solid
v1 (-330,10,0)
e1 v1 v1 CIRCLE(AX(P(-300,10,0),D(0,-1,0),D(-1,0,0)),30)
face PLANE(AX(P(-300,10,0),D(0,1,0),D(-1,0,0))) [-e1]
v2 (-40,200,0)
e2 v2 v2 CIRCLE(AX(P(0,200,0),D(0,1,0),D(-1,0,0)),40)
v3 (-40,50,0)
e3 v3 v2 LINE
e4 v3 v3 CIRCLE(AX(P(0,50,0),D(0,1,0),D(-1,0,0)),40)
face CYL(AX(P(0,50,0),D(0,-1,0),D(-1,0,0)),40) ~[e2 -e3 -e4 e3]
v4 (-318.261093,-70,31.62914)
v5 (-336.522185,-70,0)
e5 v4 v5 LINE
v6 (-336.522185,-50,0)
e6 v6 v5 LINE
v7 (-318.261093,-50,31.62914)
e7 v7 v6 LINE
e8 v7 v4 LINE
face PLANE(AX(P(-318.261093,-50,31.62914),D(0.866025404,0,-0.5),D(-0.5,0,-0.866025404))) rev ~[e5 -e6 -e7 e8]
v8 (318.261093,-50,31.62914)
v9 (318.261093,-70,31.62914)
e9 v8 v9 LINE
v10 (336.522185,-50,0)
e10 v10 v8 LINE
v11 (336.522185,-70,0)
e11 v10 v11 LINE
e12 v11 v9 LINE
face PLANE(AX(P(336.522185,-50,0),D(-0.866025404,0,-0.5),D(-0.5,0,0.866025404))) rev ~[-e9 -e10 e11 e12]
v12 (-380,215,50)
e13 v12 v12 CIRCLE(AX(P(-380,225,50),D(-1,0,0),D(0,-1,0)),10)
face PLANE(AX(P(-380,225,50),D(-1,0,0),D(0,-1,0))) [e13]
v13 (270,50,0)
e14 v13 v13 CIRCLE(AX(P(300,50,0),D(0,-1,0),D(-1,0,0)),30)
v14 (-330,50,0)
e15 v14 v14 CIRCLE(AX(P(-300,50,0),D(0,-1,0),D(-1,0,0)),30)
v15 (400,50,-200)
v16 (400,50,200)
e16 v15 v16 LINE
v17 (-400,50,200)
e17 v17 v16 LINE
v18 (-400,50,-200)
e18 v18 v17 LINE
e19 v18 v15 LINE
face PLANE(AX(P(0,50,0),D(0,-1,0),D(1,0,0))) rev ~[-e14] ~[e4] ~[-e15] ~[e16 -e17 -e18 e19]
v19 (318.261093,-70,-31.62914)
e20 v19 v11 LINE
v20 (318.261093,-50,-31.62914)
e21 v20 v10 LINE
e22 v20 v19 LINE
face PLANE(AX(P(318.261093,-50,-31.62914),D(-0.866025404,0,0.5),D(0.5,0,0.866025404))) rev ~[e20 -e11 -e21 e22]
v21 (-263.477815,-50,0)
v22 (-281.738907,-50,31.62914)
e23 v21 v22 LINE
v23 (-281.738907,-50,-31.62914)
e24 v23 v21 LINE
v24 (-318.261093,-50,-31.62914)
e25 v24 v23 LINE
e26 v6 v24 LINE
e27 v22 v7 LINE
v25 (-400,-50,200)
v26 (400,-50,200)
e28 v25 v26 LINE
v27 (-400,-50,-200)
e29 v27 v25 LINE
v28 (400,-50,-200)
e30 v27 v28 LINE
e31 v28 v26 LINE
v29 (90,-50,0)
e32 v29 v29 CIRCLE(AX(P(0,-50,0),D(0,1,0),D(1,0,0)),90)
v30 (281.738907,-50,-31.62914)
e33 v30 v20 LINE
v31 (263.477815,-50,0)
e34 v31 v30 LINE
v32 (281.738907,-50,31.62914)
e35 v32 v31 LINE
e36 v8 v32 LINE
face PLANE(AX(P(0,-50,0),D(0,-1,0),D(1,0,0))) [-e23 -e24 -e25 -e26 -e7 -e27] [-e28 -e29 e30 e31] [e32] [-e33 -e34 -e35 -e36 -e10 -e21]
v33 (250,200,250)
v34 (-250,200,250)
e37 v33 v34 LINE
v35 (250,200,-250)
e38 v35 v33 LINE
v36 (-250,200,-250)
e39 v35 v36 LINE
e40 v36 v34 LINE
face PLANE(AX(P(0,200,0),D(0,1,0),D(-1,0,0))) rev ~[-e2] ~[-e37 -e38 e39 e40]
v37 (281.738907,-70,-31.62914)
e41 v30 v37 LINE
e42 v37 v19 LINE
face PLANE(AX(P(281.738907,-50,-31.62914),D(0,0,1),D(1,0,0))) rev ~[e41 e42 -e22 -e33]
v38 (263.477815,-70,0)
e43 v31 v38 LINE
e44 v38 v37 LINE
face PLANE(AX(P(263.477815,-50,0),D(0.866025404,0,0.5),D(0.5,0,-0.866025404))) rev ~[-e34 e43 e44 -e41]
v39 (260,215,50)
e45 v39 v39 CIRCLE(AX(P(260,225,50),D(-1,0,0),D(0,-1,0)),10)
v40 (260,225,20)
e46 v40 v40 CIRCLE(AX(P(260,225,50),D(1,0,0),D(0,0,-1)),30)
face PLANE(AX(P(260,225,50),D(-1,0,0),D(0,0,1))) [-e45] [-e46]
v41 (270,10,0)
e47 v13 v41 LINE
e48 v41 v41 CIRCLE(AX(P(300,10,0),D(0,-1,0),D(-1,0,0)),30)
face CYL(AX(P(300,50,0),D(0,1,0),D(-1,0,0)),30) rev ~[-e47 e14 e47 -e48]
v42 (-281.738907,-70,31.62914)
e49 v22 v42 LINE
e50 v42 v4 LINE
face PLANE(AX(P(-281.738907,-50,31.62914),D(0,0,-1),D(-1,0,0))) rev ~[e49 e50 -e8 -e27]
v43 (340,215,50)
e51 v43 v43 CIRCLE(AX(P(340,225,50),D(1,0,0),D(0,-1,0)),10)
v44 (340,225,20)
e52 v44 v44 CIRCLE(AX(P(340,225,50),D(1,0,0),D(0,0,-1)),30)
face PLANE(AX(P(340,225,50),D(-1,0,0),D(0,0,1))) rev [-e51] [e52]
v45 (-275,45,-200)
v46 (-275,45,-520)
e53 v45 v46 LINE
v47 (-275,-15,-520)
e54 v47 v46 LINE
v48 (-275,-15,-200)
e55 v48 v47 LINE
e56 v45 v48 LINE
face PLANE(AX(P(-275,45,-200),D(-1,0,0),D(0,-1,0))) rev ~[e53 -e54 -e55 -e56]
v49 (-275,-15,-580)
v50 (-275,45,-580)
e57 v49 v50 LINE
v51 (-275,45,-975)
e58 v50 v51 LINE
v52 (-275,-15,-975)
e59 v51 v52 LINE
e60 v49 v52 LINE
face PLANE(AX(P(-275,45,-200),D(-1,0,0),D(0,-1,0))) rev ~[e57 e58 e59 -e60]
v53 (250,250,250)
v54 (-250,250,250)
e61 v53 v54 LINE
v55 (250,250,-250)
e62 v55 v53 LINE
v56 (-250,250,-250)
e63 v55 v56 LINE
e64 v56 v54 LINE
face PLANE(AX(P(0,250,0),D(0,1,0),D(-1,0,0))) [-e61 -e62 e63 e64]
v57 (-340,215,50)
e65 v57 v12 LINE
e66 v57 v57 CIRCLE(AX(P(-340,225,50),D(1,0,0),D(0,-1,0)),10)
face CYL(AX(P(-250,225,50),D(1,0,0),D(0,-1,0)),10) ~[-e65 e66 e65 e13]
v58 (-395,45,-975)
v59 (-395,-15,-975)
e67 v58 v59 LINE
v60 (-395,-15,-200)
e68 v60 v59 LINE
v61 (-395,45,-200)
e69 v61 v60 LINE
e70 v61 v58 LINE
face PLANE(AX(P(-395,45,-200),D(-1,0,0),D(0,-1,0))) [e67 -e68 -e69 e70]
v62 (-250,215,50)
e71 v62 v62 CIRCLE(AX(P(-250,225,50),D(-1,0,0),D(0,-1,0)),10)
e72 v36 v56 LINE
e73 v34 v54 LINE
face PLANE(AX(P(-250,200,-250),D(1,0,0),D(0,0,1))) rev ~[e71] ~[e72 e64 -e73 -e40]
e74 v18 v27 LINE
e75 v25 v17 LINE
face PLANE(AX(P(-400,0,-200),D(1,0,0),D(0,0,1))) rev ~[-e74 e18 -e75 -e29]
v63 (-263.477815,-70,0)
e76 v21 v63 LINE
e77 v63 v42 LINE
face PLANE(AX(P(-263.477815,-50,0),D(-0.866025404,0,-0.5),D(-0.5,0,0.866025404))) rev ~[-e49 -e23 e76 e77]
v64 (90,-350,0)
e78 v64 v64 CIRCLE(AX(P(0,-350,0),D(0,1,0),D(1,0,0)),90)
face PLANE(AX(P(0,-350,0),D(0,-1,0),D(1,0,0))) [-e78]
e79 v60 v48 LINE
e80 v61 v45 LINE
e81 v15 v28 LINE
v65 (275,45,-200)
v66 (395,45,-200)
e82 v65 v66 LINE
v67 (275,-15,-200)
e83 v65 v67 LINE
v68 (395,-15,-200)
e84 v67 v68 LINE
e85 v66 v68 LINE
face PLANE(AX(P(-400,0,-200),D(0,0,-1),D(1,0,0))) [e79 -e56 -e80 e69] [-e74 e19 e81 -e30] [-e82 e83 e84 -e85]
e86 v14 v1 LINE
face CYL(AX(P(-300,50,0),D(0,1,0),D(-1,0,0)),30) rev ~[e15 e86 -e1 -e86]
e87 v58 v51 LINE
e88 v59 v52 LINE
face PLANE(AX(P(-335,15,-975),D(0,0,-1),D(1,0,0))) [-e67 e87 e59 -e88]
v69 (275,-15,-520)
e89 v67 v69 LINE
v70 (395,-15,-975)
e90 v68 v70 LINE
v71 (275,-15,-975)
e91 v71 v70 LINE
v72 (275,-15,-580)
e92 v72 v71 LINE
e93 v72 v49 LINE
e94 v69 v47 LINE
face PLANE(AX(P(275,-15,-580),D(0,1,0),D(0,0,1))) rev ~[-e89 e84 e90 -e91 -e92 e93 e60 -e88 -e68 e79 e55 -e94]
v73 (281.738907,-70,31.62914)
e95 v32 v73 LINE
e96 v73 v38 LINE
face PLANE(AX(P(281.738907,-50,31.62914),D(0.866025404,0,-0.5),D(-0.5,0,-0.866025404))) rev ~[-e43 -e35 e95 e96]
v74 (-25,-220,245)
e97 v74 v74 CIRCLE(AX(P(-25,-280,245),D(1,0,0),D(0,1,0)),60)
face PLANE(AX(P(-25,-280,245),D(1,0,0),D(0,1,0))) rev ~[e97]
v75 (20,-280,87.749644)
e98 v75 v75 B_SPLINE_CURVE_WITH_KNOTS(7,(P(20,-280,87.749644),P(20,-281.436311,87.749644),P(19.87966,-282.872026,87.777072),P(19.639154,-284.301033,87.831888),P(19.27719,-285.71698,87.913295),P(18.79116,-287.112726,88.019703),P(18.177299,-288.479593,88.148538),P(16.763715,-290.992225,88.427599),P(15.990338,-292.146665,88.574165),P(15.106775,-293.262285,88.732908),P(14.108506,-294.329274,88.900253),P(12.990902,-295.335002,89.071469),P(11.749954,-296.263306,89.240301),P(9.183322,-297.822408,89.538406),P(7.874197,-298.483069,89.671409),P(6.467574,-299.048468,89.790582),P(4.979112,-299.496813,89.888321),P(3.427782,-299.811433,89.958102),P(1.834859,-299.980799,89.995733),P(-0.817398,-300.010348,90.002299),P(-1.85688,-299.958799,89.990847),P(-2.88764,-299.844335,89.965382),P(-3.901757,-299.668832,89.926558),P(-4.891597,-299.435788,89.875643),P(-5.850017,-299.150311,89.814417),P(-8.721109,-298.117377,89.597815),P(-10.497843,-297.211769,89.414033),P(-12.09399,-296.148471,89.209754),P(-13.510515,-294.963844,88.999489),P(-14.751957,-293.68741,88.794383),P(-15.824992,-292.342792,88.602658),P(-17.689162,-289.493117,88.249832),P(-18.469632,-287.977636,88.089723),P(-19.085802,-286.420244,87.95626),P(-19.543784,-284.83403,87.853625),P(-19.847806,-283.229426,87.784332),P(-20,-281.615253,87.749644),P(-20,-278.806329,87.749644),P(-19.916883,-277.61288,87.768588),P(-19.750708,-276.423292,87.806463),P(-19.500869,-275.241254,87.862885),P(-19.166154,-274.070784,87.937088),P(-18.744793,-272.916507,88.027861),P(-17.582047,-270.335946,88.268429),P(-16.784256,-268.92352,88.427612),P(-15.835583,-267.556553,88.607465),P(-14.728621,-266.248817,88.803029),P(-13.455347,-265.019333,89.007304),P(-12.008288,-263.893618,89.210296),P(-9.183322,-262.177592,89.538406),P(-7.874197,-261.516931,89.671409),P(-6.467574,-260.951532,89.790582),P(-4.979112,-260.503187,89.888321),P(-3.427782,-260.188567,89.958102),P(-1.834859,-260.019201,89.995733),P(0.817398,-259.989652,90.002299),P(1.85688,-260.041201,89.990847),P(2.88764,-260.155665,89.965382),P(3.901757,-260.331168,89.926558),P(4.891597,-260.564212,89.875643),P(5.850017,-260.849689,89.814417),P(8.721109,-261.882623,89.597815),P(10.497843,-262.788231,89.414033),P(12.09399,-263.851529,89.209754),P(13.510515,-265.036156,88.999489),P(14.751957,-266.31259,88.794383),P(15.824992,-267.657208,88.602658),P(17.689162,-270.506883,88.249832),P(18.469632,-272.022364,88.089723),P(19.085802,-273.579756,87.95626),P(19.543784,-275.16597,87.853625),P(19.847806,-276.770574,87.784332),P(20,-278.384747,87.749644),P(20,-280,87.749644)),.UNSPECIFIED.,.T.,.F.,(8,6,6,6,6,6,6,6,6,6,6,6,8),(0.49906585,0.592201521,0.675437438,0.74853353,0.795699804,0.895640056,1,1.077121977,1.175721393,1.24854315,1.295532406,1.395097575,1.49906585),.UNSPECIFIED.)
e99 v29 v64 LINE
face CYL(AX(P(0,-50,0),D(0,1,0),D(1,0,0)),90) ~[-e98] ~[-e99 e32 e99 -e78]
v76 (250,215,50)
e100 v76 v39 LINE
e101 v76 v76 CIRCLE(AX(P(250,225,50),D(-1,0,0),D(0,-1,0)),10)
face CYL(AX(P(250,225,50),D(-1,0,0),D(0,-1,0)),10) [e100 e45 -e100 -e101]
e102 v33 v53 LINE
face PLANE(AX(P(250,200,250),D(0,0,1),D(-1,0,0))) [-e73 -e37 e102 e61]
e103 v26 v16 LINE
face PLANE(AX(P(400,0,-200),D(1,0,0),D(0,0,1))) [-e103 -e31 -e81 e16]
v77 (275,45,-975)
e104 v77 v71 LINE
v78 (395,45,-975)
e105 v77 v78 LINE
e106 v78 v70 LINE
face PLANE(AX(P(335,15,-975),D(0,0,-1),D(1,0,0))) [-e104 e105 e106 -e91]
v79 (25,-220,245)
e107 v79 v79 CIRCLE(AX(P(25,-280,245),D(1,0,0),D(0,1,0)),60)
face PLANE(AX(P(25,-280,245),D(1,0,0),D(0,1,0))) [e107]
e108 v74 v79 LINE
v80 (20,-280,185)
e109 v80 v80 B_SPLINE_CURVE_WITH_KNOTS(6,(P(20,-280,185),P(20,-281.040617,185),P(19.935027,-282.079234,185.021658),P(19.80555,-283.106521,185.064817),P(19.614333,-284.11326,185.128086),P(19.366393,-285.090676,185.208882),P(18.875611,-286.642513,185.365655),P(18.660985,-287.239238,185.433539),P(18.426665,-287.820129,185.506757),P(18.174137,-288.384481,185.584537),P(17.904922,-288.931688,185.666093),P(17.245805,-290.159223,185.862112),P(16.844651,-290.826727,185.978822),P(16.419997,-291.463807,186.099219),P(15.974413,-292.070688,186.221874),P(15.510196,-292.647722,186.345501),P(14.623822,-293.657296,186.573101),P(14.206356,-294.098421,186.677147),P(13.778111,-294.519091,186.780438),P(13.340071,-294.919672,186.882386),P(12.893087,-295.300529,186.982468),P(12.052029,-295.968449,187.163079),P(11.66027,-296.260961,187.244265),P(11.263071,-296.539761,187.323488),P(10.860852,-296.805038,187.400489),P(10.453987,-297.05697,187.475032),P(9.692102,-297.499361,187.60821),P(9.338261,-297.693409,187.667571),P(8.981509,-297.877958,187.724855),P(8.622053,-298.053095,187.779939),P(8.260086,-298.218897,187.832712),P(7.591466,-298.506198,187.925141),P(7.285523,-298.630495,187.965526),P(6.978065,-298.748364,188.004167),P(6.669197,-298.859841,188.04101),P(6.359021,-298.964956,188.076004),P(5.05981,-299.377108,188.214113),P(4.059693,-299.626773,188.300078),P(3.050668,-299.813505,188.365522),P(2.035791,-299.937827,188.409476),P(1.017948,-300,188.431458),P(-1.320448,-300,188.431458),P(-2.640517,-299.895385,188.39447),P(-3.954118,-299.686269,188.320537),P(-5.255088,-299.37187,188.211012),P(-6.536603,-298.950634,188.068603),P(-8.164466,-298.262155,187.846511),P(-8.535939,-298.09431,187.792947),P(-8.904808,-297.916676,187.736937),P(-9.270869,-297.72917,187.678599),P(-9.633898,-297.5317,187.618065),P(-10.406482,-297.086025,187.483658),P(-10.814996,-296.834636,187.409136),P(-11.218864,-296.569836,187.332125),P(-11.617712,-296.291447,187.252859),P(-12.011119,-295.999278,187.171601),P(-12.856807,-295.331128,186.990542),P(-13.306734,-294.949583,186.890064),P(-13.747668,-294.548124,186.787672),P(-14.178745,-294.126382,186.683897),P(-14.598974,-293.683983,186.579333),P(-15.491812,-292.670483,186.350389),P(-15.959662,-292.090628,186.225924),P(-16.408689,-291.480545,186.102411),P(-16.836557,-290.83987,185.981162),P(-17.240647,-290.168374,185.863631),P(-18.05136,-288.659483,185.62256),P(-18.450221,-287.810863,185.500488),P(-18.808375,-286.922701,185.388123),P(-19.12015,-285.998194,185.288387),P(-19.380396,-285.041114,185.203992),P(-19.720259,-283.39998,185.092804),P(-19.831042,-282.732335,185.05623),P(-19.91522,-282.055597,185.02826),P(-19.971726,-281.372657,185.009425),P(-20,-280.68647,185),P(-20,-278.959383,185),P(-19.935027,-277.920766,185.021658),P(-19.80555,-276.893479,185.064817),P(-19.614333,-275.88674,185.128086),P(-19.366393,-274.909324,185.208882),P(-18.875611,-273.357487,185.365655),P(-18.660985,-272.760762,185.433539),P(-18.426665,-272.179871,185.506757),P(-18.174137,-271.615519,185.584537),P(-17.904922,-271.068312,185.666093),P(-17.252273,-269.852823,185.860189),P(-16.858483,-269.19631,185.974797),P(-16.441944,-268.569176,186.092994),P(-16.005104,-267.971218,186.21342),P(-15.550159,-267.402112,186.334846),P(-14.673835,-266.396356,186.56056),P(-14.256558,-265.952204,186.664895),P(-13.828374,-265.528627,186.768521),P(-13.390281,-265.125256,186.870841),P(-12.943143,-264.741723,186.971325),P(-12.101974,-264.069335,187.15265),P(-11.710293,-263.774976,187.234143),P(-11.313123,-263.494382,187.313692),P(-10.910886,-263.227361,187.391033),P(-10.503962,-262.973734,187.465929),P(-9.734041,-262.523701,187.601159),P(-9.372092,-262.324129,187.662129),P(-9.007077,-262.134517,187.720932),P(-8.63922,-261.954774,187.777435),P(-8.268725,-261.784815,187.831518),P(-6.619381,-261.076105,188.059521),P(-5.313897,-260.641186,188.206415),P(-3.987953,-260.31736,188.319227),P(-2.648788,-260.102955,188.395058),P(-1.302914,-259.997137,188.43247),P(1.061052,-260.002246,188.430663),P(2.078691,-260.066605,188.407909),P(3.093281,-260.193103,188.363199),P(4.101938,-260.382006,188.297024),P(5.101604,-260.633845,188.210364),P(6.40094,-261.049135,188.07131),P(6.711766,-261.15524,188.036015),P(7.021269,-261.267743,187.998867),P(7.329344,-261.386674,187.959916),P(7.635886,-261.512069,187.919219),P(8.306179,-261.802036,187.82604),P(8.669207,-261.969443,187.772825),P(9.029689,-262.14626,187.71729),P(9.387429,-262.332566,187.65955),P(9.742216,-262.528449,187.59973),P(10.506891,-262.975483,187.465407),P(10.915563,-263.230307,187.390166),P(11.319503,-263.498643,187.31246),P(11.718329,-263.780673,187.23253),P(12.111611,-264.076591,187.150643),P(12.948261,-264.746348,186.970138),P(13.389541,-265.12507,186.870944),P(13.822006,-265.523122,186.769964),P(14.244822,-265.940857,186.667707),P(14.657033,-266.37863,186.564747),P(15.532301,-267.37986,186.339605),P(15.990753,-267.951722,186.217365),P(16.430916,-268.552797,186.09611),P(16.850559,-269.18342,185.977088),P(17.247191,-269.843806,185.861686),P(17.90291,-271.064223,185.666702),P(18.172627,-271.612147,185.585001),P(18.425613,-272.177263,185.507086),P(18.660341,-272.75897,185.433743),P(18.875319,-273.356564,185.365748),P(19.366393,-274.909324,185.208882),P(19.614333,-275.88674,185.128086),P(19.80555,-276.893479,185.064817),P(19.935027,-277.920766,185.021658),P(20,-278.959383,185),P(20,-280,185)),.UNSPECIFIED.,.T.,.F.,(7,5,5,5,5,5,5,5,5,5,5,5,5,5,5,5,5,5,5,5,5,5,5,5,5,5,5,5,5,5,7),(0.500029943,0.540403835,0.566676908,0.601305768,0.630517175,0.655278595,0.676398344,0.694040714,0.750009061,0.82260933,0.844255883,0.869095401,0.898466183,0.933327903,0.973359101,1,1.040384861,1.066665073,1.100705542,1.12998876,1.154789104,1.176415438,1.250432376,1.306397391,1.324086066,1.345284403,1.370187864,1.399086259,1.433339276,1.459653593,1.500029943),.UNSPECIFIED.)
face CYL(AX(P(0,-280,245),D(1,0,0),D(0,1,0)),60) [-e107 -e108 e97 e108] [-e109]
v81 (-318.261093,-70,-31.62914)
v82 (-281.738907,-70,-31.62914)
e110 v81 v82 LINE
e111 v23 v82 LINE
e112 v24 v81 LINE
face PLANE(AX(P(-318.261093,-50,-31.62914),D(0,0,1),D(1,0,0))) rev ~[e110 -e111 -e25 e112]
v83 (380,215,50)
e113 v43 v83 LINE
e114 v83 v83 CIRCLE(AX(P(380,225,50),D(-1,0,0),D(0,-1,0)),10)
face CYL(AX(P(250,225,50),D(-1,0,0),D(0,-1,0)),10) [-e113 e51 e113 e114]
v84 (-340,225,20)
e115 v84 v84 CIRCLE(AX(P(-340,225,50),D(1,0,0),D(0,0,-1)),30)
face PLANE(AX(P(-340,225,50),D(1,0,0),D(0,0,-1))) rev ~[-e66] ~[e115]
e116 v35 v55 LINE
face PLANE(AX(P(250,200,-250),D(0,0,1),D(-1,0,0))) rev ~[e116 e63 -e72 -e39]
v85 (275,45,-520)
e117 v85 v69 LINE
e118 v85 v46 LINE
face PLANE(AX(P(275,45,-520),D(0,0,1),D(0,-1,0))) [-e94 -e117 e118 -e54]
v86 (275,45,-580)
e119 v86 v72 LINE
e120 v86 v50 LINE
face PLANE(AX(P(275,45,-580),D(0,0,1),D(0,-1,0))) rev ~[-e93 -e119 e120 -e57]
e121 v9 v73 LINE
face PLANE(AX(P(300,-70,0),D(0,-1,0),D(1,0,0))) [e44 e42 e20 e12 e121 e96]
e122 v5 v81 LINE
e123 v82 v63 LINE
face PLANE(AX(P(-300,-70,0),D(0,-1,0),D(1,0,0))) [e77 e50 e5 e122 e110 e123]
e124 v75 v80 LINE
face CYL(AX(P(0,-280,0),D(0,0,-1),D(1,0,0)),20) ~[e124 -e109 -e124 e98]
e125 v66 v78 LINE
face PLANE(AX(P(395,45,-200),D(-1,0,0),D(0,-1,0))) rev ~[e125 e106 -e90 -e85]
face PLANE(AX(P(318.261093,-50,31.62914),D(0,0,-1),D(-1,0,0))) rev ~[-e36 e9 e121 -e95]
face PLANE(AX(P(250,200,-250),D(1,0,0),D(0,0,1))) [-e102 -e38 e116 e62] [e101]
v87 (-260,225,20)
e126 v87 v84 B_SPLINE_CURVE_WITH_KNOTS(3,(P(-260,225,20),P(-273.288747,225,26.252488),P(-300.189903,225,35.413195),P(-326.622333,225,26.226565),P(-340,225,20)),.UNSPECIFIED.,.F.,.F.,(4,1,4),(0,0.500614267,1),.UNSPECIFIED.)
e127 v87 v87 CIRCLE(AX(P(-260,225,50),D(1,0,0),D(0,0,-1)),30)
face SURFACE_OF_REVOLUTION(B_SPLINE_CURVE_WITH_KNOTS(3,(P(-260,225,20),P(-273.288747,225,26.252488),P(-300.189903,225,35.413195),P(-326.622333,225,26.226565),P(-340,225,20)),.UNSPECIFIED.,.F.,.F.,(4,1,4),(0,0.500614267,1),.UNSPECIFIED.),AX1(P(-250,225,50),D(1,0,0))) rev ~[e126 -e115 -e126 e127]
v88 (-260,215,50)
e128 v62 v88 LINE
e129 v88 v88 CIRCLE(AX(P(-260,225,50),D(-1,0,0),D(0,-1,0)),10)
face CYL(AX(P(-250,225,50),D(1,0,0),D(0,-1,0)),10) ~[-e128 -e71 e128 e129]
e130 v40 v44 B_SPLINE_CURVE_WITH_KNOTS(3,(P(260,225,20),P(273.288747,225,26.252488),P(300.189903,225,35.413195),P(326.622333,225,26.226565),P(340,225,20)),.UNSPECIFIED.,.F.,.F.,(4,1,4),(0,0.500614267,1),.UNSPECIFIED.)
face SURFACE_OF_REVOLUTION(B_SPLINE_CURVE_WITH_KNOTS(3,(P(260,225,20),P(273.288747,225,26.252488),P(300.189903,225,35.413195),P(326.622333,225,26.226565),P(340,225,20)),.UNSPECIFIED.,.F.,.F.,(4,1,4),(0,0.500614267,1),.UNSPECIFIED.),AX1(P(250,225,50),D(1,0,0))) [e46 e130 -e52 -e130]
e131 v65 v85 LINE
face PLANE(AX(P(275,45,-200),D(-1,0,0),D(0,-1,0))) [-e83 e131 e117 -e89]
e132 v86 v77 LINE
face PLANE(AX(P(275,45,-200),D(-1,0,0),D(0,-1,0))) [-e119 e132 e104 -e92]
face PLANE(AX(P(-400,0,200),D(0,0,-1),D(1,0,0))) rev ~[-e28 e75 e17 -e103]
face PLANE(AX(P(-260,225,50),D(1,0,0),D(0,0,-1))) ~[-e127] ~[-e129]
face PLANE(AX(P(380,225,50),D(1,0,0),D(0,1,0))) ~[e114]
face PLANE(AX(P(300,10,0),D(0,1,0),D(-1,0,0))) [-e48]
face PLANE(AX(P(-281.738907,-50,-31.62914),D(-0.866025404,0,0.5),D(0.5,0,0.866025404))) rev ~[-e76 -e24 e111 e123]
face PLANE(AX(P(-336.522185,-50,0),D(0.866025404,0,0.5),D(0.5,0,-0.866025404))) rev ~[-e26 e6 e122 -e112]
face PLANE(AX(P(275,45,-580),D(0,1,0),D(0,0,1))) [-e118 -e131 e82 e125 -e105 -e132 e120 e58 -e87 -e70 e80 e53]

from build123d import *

# Parameters (mm, degrees)
F0_W      = 800
F0_H      = 400
F1_DEPTH  = 50
F2_R      = 90
F3_DEPTH  = 300
F4_R      = 20
F5_DEPTH  = 200
F6_R      = 60
F7_DEPTH  = 25
F9_DEPTH  = 20
F10_R     = 30
F11_DEPTH = 40
F12_W     = 120
F12_H     = 60
F13_DEPTH = 775
F14_R     = 40
F15_DEPTH = 150
F16_W     = 500
F16_H     = 500
F17_DEPTH = 50
F18_R     = 10
F19_DEPTH = 130
F25_W     = 60
F25_H     = 60
F26_DEPTH = 600


with BuildPart() as f1:
    # F0 (on Front) → F1 (new body, symmetric)
    with BuildSketch(Plane.XZ):
        Rectangle(F0_W, F0_H)
    extrude(amount=F1_DEPTH, both=True)

    # F2 (on face) → F3 (join)
    with BuildSketch(Plane.XZ.offset(50)):
        Circle(F2_R)
    extrude(amount=F3_DEPTH)

    # F4 (on Top) → F5 (join)
    with BuildSketch(Plane.XY):
        with Locations((0, -280)):
            Circle(F4_R)
    extrude(amount=F5_DEPTH)

    # F6 (on Right) → F7 (join, symmetric)
    with BuildSketch(Plane.YZ):
        with Locations((-280, 245)):
            Circle(F6_R)
    extrude(amount=F7_DEPTH, both=True)

    # F8 (on face) → F9 (join)
    with BuildSketch(Plane.XZ.offset(50)):
        Polygon((-318.2610926981, -31.6291403548), (-281.7389073019, -31.6291403548), (-263.4778146039, 0), (-281.7389073019, 31.6291403548), (-318.2610926981, 31.6291403548), (-336.5221853961, 0), align=None)
        Polygon((281.7389073019, 31.6291403548), (263.4778146039, 0), (281.7389073019, -31.6291403548), (318.2610926981, -31.6291403548), (336.5221853961, 0), (318.2610926981, 31.6291403548), align=None)
    extrude(amount=F9_DEPTH)

    # F10 (on face) → F11 (cut)
    with BuildSketch(Plane(origin=(0, 50, 0), x_dir=(-1, 0, 0), z_dir=(0, 1, 0))):
        with Locations((-300, 0)):
            Circle(F10_R)
        with Locations((300, 0)):
            Circle(F10_R)
    extrude(amount=-F11_DEPTH, mode=Mode.SUBTRACT)

    # F12 (on face) → F13 (join)
    with BuildSketch(Plane(origin=(0, 0, -200), x_dir=(1, 0, 0), z_dir=(0, 0, -1))):
        with Locations((335, -15)):
            Rectangle(F12_W, F12_H)
        with Locations((-335, -15)):
            Rectangle(F12_W, F12_H)
    extrude(amount=F13_DEPTH)

    # F14 (on face) → F15 (join)
    with BuildSketch(Plane(origin=(0, 50, 0), x_dir=(-1, 0, 0), z_dir=(0, 1, 0))):
        Circle(F14_R)
    extrude(amount=F15_DEPTH)

    # F16 (on face) → F17 (join)
    with BuildSketch(Plane(origin=(0, 200, 0), x_dir=(-1, 0, 0), z_dir=(0, 1, 0))):
        Rectangle(F16_W, F16_H)
    extrude(amount=F17_DEPTH)

    # F18 (on face) → F19 (join)
    with BuildSketch(Plane(origin=(-250, 0, 0), x_dir=(0, -1, 0), z_dir=(-1, 0, 0))):
        with Locations((-225, 50)):
            Circle(F18_R)
    extrude(amount=F19_DEPTH)

    # F22 (on offset) → F23 (revolve)
    with BuildSketch(Plane(origin=(0, 225, 0), x_dir=(-1, 0, 0), z_dir=(0, 1, 0))):
        with BuildLine():
            Line((340, 40), (260, 40))
            Line((260, 40), (260, 20))
            add(Edge.make_bspline(
                [(260, 20), (273.2887466803, 26.2524876464), (300.1899032178, 35.4131948165), (326.622332785, 26.2265646487), (340, 20)],
                knots=[0, 0, 0, 0, 0.5006142666, 1, 1, 1, 1], degree=3))
            Line((340, 20), (340, 40))
        make_face()
    revolve(axis=Axis((-250, 225, 50), (1, 0, 0)))

    # F24: F1 across plane


with BuildPart() as f1_1:
    add(f1.part)
    add(f1.part.mirror(Plane.YZ))

    # F25 (on face) → F26 (join)
    with BuildSketch(Plane(origin=(275, 0, 0), x_dir=(0, -1, 0), z_dir=(-1, 0, 0))):
        with Locations((-15, -550)):
            Rectangle(F25_W, F25_H)
    extrude(amount=F26_DEPTH)


solid = f1_1.part
